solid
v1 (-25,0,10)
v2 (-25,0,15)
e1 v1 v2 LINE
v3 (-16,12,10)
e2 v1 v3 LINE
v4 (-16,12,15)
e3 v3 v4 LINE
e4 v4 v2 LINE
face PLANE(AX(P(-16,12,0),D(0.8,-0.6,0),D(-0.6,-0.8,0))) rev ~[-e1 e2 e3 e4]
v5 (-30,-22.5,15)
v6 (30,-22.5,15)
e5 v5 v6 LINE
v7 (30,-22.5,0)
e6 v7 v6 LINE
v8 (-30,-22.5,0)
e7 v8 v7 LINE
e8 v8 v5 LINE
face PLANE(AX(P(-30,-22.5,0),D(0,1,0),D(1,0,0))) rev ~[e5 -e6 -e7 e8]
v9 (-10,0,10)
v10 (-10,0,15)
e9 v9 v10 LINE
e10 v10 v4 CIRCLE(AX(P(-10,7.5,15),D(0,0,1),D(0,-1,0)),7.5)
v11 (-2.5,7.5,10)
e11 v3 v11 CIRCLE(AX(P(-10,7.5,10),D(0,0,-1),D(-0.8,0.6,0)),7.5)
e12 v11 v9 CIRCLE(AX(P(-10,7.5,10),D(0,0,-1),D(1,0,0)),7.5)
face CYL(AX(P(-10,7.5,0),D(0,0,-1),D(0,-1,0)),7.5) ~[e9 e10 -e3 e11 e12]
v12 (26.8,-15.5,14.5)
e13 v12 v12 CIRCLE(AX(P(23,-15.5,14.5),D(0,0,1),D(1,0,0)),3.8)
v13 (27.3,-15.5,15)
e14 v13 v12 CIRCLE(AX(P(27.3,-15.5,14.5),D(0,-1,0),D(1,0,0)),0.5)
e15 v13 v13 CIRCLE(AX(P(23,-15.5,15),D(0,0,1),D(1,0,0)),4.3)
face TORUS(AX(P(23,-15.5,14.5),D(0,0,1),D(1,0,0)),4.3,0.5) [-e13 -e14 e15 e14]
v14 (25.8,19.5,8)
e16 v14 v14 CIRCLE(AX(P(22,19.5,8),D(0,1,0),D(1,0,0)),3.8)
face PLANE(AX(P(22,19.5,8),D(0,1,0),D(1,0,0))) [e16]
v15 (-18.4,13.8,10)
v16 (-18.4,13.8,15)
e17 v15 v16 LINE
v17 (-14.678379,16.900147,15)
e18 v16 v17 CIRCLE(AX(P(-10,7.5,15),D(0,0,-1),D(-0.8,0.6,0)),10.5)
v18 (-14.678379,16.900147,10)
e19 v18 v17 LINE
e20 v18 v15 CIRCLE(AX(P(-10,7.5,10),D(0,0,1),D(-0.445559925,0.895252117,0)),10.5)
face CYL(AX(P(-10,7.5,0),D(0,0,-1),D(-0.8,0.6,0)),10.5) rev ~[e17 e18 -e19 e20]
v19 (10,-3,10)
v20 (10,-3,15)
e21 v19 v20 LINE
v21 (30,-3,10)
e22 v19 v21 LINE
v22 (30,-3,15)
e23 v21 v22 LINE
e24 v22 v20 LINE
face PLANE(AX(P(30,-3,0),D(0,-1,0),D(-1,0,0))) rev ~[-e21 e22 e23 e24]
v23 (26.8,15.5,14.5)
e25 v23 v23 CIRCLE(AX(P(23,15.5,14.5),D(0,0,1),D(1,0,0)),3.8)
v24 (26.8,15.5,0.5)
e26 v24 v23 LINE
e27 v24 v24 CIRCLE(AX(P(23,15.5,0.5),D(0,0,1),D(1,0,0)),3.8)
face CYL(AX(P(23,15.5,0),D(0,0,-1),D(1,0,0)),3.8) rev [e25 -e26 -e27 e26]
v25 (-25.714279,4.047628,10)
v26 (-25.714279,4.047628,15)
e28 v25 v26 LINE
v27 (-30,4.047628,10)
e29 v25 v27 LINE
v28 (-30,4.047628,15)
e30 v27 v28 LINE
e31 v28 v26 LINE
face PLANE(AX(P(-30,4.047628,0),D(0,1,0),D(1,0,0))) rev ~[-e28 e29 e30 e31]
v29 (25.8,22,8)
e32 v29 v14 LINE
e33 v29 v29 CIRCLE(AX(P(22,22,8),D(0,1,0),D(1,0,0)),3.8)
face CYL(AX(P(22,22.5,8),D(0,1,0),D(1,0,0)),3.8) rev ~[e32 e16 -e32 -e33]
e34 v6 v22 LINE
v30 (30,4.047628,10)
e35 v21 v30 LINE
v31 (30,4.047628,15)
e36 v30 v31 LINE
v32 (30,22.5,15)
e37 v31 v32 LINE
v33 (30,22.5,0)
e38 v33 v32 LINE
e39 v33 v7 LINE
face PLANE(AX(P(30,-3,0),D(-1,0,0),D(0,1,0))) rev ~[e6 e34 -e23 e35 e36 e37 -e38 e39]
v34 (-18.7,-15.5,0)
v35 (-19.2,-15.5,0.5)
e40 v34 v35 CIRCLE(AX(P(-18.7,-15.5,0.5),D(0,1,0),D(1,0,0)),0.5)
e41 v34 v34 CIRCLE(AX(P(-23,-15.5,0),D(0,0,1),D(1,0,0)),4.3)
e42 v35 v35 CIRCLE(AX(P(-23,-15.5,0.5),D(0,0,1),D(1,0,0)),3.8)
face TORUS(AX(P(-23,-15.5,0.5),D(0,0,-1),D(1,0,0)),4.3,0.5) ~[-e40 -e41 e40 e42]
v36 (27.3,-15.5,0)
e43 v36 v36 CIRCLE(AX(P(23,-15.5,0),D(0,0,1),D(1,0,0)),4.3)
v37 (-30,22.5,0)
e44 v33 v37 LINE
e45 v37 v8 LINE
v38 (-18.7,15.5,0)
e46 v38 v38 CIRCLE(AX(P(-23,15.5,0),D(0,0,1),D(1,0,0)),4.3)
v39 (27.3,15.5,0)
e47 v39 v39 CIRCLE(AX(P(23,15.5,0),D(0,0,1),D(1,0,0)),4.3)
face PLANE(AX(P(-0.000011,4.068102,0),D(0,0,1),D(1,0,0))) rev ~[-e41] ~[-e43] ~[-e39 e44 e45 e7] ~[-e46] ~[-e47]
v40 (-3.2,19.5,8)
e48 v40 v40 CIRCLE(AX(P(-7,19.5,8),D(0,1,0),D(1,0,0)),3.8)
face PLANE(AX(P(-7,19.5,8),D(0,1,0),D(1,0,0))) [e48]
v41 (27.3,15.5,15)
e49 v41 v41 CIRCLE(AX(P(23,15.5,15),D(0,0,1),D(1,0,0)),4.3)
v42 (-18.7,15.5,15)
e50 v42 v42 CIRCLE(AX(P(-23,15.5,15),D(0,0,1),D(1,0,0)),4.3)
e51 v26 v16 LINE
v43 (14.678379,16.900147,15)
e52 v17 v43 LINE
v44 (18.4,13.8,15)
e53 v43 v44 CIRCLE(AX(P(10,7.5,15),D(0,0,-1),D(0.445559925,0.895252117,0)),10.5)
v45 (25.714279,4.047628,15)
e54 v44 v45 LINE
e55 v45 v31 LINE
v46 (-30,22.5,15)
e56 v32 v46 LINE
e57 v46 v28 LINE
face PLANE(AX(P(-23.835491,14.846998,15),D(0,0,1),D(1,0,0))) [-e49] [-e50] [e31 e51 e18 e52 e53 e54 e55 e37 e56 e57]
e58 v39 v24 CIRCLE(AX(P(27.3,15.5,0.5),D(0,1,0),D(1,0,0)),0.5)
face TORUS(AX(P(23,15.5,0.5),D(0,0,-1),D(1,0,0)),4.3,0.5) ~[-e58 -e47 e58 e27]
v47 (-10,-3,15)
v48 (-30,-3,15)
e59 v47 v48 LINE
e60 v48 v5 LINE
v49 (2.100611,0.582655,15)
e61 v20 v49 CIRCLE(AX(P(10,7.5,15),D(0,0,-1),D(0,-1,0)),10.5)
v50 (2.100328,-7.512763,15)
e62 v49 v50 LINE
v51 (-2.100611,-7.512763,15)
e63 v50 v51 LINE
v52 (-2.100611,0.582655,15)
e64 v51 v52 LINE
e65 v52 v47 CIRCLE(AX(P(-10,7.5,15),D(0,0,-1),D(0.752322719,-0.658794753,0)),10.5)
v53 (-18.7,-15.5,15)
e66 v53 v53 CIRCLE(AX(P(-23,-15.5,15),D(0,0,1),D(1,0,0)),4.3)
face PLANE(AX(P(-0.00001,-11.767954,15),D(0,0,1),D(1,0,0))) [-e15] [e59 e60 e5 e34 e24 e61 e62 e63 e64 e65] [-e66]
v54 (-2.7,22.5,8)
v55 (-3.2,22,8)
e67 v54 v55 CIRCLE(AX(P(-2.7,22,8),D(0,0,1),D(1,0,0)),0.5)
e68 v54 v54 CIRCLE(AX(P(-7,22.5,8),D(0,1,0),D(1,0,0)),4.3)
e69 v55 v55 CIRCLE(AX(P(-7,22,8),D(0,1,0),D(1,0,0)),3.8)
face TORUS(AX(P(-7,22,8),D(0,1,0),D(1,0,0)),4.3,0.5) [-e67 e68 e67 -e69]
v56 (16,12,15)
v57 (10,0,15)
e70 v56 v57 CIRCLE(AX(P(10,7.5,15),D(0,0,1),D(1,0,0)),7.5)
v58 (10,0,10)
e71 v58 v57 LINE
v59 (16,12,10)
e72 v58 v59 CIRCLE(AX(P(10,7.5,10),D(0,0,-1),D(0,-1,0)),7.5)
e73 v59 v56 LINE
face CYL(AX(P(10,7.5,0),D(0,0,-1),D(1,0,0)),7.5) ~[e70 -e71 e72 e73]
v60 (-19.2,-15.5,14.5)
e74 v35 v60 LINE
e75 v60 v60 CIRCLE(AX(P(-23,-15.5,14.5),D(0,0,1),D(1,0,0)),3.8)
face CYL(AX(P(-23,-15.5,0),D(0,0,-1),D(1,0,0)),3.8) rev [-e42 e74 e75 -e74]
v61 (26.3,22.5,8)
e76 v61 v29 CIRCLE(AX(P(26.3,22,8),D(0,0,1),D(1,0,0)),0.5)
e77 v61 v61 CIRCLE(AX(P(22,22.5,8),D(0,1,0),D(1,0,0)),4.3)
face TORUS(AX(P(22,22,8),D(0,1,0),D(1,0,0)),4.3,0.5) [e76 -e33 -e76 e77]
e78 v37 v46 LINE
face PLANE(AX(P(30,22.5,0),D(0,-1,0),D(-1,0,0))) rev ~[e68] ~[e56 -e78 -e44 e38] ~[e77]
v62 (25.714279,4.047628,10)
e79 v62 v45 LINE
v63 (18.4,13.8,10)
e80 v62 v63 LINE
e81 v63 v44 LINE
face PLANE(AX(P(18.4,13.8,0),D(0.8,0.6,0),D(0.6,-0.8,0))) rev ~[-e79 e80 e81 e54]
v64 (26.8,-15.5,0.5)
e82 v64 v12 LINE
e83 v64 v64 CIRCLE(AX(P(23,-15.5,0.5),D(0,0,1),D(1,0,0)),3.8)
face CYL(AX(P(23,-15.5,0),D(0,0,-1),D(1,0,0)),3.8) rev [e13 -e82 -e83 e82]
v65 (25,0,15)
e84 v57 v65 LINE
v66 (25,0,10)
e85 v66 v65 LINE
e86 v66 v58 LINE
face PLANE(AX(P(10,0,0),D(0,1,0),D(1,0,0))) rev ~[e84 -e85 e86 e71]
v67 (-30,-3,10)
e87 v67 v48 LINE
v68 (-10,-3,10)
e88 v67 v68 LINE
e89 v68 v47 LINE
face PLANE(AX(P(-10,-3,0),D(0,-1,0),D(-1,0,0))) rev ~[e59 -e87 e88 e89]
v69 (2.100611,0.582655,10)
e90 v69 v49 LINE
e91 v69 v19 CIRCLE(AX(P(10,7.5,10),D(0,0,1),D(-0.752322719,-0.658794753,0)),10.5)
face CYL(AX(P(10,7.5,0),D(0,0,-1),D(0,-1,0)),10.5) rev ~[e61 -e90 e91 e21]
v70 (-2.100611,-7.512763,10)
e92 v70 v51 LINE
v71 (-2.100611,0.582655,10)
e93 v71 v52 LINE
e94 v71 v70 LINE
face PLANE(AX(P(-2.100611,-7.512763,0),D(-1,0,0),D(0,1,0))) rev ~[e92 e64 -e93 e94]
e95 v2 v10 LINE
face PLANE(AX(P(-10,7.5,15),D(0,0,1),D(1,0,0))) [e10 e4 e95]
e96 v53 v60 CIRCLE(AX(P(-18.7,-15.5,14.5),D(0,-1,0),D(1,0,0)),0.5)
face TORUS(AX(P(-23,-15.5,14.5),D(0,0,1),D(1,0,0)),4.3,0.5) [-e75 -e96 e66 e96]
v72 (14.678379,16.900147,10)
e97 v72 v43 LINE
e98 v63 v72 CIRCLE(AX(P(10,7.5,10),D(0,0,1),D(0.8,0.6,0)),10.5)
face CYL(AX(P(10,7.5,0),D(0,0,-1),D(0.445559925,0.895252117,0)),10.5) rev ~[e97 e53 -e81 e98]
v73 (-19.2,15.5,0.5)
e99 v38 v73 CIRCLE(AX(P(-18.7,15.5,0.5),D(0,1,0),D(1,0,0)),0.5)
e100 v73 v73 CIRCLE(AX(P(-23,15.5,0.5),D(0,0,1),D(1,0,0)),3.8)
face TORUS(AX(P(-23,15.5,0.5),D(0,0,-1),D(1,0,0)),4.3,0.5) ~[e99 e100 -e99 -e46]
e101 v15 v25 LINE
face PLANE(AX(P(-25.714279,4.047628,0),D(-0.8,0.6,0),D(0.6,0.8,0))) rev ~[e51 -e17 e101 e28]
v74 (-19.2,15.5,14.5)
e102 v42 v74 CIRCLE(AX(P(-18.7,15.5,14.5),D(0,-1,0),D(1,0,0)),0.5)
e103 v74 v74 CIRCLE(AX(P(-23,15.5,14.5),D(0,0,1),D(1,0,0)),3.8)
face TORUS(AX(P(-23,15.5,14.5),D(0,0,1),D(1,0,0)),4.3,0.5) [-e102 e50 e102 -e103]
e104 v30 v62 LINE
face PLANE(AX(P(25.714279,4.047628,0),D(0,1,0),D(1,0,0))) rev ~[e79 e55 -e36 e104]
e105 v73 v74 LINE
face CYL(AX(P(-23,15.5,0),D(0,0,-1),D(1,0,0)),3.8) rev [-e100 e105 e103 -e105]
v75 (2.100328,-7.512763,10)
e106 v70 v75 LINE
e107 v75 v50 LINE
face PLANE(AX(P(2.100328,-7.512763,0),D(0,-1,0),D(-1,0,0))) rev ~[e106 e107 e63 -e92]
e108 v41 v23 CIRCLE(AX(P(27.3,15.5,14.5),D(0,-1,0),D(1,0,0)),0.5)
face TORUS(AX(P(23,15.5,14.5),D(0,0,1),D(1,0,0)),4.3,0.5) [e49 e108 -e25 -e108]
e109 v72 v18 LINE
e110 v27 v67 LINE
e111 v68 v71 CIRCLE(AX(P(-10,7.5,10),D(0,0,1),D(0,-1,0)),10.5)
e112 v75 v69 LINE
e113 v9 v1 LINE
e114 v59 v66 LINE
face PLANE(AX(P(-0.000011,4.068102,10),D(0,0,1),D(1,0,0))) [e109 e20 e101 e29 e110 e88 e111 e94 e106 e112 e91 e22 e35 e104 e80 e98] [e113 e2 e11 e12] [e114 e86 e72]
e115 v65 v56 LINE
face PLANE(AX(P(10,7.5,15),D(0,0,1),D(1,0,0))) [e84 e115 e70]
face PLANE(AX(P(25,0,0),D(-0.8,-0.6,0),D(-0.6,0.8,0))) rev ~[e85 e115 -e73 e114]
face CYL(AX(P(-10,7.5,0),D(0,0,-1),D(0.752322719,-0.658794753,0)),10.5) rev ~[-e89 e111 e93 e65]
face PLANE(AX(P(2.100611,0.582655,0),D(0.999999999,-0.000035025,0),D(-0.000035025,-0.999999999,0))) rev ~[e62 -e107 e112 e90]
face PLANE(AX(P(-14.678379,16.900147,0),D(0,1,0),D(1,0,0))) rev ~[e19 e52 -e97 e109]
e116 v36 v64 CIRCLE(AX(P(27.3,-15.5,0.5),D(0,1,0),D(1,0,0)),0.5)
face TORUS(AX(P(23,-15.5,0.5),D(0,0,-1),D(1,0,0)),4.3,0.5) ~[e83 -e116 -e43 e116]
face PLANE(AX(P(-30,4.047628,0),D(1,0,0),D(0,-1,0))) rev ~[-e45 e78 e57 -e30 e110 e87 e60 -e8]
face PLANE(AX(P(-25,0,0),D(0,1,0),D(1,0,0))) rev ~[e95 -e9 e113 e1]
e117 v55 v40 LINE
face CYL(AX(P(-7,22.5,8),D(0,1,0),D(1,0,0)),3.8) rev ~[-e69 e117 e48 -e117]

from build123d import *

# Parameters (mm, degrees)
SKETCH1_R             = 3.8
BOSS_EXTRUDE3_DEPTH   = 15
BOSS_EXTRUDE3_2_DEPTH = 15
BOSS_EXTRUDE3_3_DEPTH = 15
BOSS_EXTRUDE3_4_DEPTH = 15
BOSS_EXTRUDE4_DEPTH   = 10
SKETCH3_R             = 3.8
CUT_EXTRUDE2_DEPTH    = 3
FILLET2_R             = 0.5


with BuildPart() as part:
    # Sketch1 → Boss-Extrude3 (new body)
    with BuildSketch(Plane.XY):
        with BuildLine():
            Line((-30, -3), (-30, -22.5))
            Line((-30, -22.5), (30, -22.5))
            Line((30, -22.5), (30, -3))
            Line((30, -3), (10, -3))
            ThreePointArc((10, -3), (5.663072607, -2.062481937), (2.100611456, 0.582655088))
            Line((2.100611456, 0.582655088), (2.100327913, -7.512763105))
            Line((2.100327913, -7.512763105), (-2.100611456, -7.512763105))
            Line((-2.100611456, -7.512763105), (-2.100611456, 0.582655088))
            ThreePointArc((-2.100611456, 0.582655088), (-5.663072607, -2.062481937), (-10, -3))
            Line((-10, -3), (-30, -3))
        make_face()
        with Locations((-23, -15.5)):
            Circle(SKETCH1_R, mode=Mode.SUBTRACT)
        with Locations((23, -15.5)):
            Circle(SKETCH1_R, mode=Mode.SUBTRACT)
    extrude(amount=BOSS_EXTRUDE3_DEPTH)



with BuildPart() as body_2:
    # Sketch1 → Boss-Extrude3 2 (new body)
    with BuildSketch(Plane.XY):
        with BuildLine():
            Line((-30, 22.5), (-30, 4.047627556))
            Line((-30, 4.047627556), (-25.714279333, 4.047627556))
            Line((-25.714279333, 4.047627556), (-18.4, 13.8))
            ThreePointArc((-18.4, 13.8), (-16.720396487, 15.567606278), (-14.678379216, 16.900147228))
            Line((-14.678379216, 16.900147228), (14.678379216, 16.900147228))
            ThreePointArc((14.678379216, 16.900147228), (16.720396487, 15.567606278), (18.4, 13.8))
            Line((18.4, 13.8), (25.714279333, 4.047627556))
            Line((25.714279333, 4.047627556), (30, 4.047627556))
            Line((30, 4.047627556), (30, 22.5))
            Line((30, 22.5), (-30, 22.5))
        make_face()
        with Locations((-23, 15.5)):
            Circle(SKETCH1_R, mode=Mode.SUBTRACT)
        with Locations((23, 15.5)):
            Circle(SKETCH1_R, mode=Mode.SUBTRACT)
    extrude(amount=BOSS_EXTRUDE3_2_DEPTH)


with BuildPart() as body_3:
    # Sketch1 → Boss-Extrude3 3 (new body)
    with BuildSketch(Plane.XY):
        with BuildLine():
            Line((-25, 0), (-10, 0))
            ThreePointArc((-10, 0), (-3.291796068, 10.854101966), (-16, 12))
            Line((-16, 12), (-25, 0))
        make_face()
    extrude(amount=BOSS_EXTRUDE3_3_DEPTH)


with BuildPart() as body_4:
    # Sketch1 → Boss-Extrude3 4 (new body)
    with BuildSketch(Plane.XY):
        with BuildLine():
            Line((10, 0), (25, 0))
            Line((25, 0), (16, 12))
            ThreePointArc((16, 12), (3.291796068, 10.854101966), (10, 0))
        make_face()
    extrude(amount=BOSS_EXTRUDE3_4_DEPTH)


with BuildPart() as part_1:
    add(part.part)

    add(body_2.part)  # Boss-Extrude4 merges body 2

    add(body_3.part)  # Boss-Extrude4 merges body 3

    add(body_4.part)  # Boss-Extrude4 merges body 4
    # Sketch1<10> → Boss-Extrude4 (add)
    with BuildSketch(Plane.XY):
        with BuildLine():
            Line((-30, 4.047627556), (-30, -3))
            Line((-30, -3), (-10, -3))
            ThreePointArc((-10, -3), (-5.663072607, -2.062481937), (-2.100611456, 0.582655088))
            Line((-2.100611456, 0.582655088), (-2.100611456, -7.512763105))
            Line((-2.100611456, -7.512763105), (2.100327913, -7.512763105))
            Line((2.100327913, -7.512763105), (2.100611456, 0.582655088))
            ThreePointArc((2.100611456, 0.582655088), (5.663072607, -2.062481937), (10, -3))
            Line((10, -3), (30, -3))
            Line((30, -3), (30, 4.047627556))
            Line((30, 4.047627556), (25.714279333, 4.047627556))
            Line((25.714279333, 4.047627556), (18.4, 13.8))
            ThreePointArc((18.4, 13.8), (16.720396487, 15.567606278), (14.678379216, 16.900147228))
            Line((14.678379216, 16.900147228), (-14.678379216, 16.900147228))
            ThreePointArc((-14.678379216, 16.900147228), (-16.720396487, 15.567606278), (-18.4, 13.8))
            Line((-18.4, 13.8), (-25.714279333, 4.047627556))
            Line((-25.714279333, 4.047627556), (-30, 4.047627556))
        make_face()
        with BuildLine():
            ThreePointArc((-2.5, 7.5), (-4.696699141, 2.196699141), (-10, 0))
            Line((-10, 0), (-25, 0))
            Line((-25, 0), (-16, 12))
            ThreePointArc((-16, 12), (-7.628291755, 14.615124735), (-2.5, 7.5))
        make_face(mode=Mode.SUBTRACT)
        with BuildLine():
            Line((16, 12), (25, 0))
            Line((25, 0), (10, 0))
            ThreePointArc((10, 0), (3.291796068, 10.854101966), (16, 12))
        make_face(mode=Mode.SUBTRACT)
    extrude(amount=BOSS_EXTRUDE4_DEPTH)

    # Sketch3 → Cut-Extrude2 (cut)
    with BuildSketch(Plane(origin=(0, 22.5, 0), x_dir=(1, 0, 0), z_dir=(0, 1, 0))):
        with Locations((22, -8)):
            Circle(SKETCH3_R)
        with Locations((-7, -8)):
            Circle(SKETCH3_R)
    extrude(amount=-CUT_EXTRUDE2_DEPTH, mode=Mode.SUBTRACT)

    # Fillet2
    fillet2_edges = [part_1.edges().sort_by_distance(p)[0] for p in [
        (19.2, 15.5, 0),
        (19.2, -15.5, 0),
        (-26.8, 15.5, 0),
        (-26.8, -15.5, 0),
        (-26.8, 15.5, 15),
        (-26.8, -15.5, 15),
        (19.2, -15.5, 15),
        (19.2, 15.5, 15),
        (18.2, 22.5, 8),
        (-10.8, 22.5, 8),
    ]]
    fillet(fillet2_edges, radius=FILLET2_R)


solid = part_1.part
